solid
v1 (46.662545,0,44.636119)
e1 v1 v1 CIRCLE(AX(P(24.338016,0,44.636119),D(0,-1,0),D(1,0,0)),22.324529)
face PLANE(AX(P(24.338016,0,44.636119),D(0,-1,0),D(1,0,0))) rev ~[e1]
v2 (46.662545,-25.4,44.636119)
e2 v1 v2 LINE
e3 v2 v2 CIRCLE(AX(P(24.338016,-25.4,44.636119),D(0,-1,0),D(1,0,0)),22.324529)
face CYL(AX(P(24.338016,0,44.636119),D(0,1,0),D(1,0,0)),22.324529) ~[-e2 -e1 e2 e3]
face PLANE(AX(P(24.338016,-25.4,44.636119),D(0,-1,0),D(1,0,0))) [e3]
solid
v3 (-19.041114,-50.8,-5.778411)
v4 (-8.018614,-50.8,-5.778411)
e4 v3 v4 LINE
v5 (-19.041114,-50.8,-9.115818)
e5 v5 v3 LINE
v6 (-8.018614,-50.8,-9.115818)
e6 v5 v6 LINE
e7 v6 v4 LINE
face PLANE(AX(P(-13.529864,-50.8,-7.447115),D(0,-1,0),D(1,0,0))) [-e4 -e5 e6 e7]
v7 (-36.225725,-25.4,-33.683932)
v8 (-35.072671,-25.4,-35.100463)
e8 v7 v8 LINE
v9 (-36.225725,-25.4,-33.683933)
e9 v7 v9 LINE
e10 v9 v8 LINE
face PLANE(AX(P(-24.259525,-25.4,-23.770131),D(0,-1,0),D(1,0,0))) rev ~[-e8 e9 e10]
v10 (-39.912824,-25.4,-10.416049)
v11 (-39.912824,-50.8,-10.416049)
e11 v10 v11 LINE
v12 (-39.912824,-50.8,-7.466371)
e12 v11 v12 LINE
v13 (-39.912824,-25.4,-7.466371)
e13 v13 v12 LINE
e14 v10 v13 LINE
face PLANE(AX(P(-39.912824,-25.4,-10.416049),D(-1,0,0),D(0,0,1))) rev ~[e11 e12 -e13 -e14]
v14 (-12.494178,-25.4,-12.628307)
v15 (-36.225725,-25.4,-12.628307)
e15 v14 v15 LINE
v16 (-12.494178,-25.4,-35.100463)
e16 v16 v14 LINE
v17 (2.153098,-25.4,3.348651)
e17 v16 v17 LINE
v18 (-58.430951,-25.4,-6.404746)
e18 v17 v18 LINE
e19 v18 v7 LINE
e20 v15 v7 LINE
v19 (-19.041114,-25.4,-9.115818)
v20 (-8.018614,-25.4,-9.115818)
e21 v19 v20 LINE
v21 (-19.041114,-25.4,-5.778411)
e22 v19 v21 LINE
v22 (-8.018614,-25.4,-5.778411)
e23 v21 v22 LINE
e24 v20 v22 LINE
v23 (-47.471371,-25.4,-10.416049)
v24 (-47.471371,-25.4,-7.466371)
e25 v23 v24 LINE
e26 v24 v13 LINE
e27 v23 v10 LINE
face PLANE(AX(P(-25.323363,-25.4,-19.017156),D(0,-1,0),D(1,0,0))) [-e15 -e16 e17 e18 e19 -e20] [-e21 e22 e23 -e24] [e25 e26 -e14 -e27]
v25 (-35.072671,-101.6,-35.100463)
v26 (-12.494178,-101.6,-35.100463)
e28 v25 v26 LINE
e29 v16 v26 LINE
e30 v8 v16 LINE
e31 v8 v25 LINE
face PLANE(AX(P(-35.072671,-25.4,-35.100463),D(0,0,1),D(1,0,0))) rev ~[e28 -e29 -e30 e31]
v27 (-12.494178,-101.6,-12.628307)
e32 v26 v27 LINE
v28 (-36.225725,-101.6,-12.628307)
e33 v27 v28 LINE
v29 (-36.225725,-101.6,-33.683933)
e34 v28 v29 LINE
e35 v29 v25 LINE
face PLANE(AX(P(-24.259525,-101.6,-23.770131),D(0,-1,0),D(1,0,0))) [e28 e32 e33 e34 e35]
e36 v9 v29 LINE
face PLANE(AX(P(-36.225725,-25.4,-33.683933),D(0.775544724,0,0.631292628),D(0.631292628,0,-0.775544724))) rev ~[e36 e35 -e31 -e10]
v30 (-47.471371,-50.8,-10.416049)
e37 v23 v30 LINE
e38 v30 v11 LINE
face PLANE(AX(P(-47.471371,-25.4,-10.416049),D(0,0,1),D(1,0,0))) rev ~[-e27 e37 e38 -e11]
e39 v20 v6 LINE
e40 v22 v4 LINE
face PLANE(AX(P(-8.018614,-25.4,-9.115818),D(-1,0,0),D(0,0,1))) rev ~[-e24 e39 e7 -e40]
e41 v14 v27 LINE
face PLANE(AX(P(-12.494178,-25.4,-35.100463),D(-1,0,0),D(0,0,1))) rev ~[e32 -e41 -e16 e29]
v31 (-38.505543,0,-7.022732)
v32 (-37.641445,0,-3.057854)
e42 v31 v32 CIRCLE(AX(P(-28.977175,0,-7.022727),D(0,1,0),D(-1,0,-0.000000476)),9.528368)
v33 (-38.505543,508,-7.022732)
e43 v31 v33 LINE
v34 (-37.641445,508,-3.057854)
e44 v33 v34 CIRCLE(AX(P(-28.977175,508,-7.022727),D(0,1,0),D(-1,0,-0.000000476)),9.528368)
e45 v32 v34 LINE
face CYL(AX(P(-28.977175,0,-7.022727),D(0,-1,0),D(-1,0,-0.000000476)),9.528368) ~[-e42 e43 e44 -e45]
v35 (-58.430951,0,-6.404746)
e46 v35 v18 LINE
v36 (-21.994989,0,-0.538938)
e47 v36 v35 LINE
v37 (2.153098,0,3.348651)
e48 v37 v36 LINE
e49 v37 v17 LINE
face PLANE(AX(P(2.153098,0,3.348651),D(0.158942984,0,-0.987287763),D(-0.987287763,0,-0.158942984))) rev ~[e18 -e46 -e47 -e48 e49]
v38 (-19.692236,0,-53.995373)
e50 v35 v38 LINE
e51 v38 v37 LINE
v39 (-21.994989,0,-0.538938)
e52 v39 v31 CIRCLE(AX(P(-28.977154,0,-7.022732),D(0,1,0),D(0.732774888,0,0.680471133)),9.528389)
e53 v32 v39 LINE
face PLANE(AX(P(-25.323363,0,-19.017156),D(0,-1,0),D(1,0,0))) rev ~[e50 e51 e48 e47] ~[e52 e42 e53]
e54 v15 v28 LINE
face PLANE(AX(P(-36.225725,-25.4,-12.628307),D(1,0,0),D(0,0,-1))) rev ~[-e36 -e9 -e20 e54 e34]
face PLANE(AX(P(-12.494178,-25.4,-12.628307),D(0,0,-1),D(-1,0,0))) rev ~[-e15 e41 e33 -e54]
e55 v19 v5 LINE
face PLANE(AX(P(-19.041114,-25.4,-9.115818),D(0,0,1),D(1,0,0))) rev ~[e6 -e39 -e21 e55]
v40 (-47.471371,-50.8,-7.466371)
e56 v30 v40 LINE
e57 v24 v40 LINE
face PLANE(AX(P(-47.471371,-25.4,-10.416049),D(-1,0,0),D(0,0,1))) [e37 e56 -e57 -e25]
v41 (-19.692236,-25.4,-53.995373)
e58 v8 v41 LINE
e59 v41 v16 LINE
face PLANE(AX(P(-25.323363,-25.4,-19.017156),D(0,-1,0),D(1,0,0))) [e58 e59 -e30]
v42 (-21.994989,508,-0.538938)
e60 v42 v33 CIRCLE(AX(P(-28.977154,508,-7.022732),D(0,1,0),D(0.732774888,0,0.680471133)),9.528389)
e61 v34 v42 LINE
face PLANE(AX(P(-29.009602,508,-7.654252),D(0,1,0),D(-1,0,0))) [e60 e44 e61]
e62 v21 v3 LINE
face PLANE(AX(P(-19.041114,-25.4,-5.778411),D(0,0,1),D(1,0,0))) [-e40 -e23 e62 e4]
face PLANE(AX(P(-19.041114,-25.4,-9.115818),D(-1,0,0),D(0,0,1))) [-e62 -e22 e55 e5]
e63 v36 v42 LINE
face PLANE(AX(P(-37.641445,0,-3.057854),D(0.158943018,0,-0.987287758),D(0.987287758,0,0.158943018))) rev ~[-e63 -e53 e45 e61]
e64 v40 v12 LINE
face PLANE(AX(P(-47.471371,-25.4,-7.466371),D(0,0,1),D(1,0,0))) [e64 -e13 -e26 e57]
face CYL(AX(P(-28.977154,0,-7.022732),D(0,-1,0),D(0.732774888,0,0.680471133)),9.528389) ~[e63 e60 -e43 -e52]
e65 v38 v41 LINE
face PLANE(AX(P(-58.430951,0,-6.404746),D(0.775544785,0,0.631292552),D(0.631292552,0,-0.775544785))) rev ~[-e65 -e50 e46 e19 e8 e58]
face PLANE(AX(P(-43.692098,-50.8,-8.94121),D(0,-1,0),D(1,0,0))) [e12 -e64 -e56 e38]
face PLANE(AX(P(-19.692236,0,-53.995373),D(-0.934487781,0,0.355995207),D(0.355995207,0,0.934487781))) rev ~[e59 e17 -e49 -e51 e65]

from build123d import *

# Parameters (mm, degrees)
F0_R      = 22.324529
F2_DEPTH  = 25.4
F4_DEPTH  = 508
F6_DEPTH  = 76.2
F7_W      = 7.558547
F7_H      = 2.949678
F8_DEPTH  = 25.4
F9_W      = 11.0225
F9_H      = 3.337407
F10_DEPTH = 25.4


with BuildPart() as f2:
    # F0 (on Front) + F1 (on Front) → F2 (new body)
    with BuildSketch(Plane.XZ):
        with Locations((24.338016, 44.636119)):
            Circle(F0_R)
    with BuildSketch(Plane.XZ):
        Polygon((-19.692236, -53.995373), (2.153098, 3.348651), (-58.430951, -6.404746), align=None)
    extrude(amount=F2_DEPTH)

    # F3 (on face) → F4 (join)
    with BuildSketch(Plane(origin=(0, 0, 0), x_dir=(-1, 0, 0), z_dir=(0, 1, 0))):
        with BuildLine():
            ThreePointArc((21.994989, -0.538938), (25.494237, -15.891751), (38.505543, -7.022732))
            ThreePointArc((38.505543, -7.022732), (38.287013, -4.993759), (37.641445, -3.057854))
            Line((37.641445, -3.057854), (21.994989, -0.538938))
        make_face()
    extrude(amount=F4_DEPTH)

    # F5 (on face) → F6 (join)
    with BuildSketch(Plane.XZ.offset(25.4)):
        Polygon((-12.494178, -12.628307), (-36.225725, -12.628307), (-36.225725, -33.683933), (-35.072671, -35.100463), (-12.494178, -35.100463), align=None)
    extrude(amount=F6_DEPTH)

    # F7 (on face) → F8 (join)
    with BuildSketch(Plane.XZ.offset(25.4)):
        with Locations((-43.692098, -8.94121)):
            Rectangle(F7_W, F7_H)
    extrude(amount=F8_DEPTH)

    # F9 (on face) → F10 (join)
    with BuildSketch(Plane.XZ.offset(25.4)):
        with Locations((-13.529864, -7.447115)):
            Rectangle(F9_W, F9_H)
    extrude(amount=F10_DEPTH)


solid = f2.part
